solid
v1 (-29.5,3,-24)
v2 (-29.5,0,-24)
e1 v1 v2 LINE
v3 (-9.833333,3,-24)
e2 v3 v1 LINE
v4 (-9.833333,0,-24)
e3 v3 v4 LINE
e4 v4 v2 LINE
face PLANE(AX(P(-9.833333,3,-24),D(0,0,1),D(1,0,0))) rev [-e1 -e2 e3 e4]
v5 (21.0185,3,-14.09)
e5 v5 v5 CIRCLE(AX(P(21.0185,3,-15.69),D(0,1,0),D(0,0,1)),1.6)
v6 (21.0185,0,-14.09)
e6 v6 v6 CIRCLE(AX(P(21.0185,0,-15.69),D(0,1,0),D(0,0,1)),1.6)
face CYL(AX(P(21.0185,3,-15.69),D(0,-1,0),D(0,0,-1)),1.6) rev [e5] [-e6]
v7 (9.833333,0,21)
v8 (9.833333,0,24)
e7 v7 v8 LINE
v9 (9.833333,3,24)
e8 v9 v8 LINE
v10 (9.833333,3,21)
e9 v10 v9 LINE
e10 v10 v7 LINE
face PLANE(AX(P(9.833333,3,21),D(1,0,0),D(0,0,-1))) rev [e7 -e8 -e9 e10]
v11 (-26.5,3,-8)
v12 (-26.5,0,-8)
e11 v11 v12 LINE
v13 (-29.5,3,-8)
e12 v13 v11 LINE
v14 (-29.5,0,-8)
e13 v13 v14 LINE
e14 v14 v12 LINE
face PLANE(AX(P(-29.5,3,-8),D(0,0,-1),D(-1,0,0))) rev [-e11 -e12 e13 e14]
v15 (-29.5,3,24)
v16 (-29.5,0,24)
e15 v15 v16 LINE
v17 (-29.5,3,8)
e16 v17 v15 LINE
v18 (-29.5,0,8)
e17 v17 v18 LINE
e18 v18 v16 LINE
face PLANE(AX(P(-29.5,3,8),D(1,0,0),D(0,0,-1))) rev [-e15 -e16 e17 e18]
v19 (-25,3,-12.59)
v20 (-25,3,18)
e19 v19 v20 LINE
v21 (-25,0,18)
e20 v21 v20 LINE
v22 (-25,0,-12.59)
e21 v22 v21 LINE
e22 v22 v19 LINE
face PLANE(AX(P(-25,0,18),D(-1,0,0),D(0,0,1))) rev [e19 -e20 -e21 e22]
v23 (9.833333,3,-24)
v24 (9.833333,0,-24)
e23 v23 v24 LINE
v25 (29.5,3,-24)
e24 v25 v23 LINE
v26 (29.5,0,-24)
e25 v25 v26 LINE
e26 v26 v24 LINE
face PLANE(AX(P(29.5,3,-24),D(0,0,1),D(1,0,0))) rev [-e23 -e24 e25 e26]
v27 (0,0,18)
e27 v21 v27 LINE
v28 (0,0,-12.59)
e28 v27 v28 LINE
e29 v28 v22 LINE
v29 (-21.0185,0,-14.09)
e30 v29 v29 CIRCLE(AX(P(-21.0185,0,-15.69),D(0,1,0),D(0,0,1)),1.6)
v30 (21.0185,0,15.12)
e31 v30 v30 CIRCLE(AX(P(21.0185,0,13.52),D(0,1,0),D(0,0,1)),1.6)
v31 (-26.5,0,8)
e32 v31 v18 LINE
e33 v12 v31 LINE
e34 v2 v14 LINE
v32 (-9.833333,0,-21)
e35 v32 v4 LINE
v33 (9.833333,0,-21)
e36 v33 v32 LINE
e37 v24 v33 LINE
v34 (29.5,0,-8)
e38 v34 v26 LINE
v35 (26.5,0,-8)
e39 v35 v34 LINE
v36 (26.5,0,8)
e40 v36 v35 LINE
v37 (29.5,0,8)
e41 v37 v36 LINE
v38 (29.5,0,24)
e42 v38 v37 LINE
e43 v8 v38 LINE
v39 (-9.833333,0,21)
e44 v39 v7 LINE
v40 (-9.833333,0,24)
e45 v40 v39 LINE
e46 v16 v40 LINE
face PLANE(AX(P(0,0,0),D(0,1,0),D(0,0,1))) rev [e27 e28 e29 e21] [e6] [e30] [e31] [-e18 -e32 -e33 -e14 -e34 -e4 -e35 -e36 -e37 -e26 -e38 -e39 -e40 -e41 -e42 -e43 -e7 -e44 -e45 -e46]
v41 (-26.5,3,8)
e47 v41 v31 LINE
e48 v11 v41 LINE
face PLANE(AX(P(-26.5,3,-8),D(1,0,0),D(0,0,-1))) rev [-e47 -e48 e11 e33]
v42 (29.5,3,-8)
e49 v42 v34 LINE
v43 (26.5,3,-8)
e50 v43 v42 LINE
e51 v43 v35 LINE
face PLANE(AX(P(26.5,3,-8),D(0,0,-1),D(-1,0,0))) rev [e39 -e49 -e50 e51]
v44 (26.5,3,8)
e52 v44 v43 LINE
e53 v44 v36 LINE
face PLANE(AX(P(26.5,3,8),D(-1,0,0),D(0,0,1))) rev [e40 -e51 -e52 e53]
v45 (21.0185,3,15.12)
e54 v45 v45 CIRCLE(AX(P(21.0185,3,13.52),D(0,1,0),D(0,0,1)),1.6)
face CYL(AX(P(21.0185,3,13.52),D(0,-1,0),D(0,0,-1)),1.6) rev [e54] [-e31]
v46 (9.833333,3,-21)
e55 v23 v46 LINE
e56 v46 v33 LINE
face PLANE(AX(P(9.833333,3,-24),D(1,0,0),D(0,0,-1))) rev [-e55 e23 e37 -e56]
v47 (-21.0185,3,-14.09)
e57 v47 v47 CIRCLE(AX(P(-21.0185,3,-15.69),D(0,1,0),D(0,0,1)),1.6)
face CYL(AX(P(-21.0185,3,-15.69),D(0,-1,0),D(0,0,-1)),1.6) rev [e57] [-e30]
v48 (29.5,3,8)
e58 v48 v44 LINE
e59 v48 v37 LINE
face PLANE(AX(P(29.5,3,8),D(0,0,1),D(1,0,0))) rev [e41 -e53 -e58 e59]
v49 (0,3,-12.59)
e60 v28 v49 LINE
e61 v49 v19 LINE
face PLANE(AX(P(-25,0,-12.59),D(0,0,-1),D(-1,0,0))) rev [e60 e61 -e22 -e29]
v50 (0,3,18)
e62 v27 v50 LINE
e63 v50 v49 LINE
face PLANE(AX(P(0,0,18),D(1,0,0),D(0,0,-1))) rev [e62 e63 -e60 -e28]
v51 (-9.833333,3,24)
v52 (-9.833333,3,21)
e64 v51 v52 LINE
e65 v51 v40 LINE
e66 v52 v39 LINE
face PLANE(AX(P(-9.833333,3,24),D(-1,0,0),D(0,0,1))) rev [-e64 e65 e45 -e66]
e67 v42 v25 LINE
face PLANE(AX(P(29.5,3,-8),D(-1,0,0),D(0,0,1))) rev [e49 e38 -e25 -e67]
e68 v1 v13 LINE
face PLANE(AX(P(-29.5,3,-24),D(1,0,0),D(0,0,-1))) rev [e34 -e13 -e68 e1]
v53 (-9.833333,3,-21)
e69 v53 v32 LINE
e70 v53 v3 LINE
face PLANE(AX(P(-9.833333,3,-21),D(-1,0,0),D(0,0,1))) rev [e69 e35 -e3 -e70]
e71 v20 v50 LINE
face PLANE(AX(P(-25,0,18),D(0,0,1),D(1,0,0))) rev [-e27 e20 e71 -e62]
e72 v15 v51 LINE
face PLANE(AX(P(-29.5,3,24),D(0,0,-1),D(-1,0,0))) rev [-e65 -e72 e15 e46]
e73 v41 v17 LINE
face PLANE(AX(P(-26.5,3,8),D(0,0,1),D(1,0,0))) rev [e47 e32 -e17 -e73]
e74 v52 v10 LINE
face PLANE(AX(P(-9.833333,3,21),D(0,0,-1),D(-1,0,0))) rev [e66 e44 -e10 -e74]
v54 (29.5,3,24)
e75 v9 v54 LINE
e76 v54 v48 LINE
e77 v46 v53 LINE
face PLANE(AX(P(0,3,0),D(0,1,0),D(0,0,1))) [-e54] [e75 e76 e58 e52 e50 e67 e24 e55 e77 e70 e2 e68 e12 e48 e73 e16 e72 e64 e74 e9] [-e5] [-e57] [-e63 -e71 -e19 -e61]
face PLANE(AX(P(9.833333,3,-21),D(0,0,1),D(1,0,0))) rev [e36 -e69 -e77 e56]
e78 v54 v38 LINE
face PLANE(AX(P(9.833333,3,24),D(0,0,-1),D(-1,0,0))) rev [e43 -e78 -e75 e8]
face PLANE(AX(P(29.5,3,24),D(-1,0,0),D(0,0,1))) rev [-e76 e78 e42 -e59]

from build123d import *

# Parameters (mm, degrees)
SKETCH1_R           = 1.6
BOSS_EXTRUDE1_DEPTH = 3
SKETCH2_W           = 25
SKETCH2_H           = 30.59
CUT_EXTRUDE1_DEPTH  = 39.14773912


with BuildPart() as part:
    # Sketch1 → Boss-Extrude1 (new body)
    with BuildSketch(Plane(origin=(0, 0, 0), x_dir=(1, 0, 0), z_dir=(0, 1, 0))):
        Polygon((-29.5, 24), (-29.5, 8), (-26.5, 8), (-26.5, -8), (-29.5, -8), (-29.5, -24), (-9.833333333, -24), (-9.833333333, -21), (9.833333333, -21), (9.833333333, -24), (29.5, -24), (29.5, -8), (26.5, -8), (26.5, 8), (29.5, 8), (29.5, 24), (9.833333333, 24), (9.833333333, 21), (-9.833333333, 21), (-9.833333333, 24), align=None)
        with Locations(Location((-21.0185, 15.69, 0), (0, 0, 270))):
            Circle(SKETCH1_R, mode=Mode.SUBTRACT)
        with Locations(Location((21.0185, 15.69, 0), (0, 0, 270))):
            Circle(SKETCH1_R, mode=Mode.SUBTRACT)
        with Locations(Location((21.0185, -13.52, 0), (0, 0, 270))):
            Circle(SKETCH1_R, mode=Mode.SUBTRACT)
    extrude(amount=BOSS_EXTRUDE1_DEPTH)

    # Sketch2 → Cut-Extrude1 (cut, through all)
    with BuildSketch(Plane(origin=(0, 3, 0), x_dir=(1, 0, 0), z_dir=(0, 1, 0))):
        with Locations((-12.5, -2.705)):
            Rectangle(SKETCH2_W, SKETCH2_H)
    extrude(amount=-CUT_EXTRUDE1_DEPTH, mode=Mode.SUBTRACT)


solid = part.part
